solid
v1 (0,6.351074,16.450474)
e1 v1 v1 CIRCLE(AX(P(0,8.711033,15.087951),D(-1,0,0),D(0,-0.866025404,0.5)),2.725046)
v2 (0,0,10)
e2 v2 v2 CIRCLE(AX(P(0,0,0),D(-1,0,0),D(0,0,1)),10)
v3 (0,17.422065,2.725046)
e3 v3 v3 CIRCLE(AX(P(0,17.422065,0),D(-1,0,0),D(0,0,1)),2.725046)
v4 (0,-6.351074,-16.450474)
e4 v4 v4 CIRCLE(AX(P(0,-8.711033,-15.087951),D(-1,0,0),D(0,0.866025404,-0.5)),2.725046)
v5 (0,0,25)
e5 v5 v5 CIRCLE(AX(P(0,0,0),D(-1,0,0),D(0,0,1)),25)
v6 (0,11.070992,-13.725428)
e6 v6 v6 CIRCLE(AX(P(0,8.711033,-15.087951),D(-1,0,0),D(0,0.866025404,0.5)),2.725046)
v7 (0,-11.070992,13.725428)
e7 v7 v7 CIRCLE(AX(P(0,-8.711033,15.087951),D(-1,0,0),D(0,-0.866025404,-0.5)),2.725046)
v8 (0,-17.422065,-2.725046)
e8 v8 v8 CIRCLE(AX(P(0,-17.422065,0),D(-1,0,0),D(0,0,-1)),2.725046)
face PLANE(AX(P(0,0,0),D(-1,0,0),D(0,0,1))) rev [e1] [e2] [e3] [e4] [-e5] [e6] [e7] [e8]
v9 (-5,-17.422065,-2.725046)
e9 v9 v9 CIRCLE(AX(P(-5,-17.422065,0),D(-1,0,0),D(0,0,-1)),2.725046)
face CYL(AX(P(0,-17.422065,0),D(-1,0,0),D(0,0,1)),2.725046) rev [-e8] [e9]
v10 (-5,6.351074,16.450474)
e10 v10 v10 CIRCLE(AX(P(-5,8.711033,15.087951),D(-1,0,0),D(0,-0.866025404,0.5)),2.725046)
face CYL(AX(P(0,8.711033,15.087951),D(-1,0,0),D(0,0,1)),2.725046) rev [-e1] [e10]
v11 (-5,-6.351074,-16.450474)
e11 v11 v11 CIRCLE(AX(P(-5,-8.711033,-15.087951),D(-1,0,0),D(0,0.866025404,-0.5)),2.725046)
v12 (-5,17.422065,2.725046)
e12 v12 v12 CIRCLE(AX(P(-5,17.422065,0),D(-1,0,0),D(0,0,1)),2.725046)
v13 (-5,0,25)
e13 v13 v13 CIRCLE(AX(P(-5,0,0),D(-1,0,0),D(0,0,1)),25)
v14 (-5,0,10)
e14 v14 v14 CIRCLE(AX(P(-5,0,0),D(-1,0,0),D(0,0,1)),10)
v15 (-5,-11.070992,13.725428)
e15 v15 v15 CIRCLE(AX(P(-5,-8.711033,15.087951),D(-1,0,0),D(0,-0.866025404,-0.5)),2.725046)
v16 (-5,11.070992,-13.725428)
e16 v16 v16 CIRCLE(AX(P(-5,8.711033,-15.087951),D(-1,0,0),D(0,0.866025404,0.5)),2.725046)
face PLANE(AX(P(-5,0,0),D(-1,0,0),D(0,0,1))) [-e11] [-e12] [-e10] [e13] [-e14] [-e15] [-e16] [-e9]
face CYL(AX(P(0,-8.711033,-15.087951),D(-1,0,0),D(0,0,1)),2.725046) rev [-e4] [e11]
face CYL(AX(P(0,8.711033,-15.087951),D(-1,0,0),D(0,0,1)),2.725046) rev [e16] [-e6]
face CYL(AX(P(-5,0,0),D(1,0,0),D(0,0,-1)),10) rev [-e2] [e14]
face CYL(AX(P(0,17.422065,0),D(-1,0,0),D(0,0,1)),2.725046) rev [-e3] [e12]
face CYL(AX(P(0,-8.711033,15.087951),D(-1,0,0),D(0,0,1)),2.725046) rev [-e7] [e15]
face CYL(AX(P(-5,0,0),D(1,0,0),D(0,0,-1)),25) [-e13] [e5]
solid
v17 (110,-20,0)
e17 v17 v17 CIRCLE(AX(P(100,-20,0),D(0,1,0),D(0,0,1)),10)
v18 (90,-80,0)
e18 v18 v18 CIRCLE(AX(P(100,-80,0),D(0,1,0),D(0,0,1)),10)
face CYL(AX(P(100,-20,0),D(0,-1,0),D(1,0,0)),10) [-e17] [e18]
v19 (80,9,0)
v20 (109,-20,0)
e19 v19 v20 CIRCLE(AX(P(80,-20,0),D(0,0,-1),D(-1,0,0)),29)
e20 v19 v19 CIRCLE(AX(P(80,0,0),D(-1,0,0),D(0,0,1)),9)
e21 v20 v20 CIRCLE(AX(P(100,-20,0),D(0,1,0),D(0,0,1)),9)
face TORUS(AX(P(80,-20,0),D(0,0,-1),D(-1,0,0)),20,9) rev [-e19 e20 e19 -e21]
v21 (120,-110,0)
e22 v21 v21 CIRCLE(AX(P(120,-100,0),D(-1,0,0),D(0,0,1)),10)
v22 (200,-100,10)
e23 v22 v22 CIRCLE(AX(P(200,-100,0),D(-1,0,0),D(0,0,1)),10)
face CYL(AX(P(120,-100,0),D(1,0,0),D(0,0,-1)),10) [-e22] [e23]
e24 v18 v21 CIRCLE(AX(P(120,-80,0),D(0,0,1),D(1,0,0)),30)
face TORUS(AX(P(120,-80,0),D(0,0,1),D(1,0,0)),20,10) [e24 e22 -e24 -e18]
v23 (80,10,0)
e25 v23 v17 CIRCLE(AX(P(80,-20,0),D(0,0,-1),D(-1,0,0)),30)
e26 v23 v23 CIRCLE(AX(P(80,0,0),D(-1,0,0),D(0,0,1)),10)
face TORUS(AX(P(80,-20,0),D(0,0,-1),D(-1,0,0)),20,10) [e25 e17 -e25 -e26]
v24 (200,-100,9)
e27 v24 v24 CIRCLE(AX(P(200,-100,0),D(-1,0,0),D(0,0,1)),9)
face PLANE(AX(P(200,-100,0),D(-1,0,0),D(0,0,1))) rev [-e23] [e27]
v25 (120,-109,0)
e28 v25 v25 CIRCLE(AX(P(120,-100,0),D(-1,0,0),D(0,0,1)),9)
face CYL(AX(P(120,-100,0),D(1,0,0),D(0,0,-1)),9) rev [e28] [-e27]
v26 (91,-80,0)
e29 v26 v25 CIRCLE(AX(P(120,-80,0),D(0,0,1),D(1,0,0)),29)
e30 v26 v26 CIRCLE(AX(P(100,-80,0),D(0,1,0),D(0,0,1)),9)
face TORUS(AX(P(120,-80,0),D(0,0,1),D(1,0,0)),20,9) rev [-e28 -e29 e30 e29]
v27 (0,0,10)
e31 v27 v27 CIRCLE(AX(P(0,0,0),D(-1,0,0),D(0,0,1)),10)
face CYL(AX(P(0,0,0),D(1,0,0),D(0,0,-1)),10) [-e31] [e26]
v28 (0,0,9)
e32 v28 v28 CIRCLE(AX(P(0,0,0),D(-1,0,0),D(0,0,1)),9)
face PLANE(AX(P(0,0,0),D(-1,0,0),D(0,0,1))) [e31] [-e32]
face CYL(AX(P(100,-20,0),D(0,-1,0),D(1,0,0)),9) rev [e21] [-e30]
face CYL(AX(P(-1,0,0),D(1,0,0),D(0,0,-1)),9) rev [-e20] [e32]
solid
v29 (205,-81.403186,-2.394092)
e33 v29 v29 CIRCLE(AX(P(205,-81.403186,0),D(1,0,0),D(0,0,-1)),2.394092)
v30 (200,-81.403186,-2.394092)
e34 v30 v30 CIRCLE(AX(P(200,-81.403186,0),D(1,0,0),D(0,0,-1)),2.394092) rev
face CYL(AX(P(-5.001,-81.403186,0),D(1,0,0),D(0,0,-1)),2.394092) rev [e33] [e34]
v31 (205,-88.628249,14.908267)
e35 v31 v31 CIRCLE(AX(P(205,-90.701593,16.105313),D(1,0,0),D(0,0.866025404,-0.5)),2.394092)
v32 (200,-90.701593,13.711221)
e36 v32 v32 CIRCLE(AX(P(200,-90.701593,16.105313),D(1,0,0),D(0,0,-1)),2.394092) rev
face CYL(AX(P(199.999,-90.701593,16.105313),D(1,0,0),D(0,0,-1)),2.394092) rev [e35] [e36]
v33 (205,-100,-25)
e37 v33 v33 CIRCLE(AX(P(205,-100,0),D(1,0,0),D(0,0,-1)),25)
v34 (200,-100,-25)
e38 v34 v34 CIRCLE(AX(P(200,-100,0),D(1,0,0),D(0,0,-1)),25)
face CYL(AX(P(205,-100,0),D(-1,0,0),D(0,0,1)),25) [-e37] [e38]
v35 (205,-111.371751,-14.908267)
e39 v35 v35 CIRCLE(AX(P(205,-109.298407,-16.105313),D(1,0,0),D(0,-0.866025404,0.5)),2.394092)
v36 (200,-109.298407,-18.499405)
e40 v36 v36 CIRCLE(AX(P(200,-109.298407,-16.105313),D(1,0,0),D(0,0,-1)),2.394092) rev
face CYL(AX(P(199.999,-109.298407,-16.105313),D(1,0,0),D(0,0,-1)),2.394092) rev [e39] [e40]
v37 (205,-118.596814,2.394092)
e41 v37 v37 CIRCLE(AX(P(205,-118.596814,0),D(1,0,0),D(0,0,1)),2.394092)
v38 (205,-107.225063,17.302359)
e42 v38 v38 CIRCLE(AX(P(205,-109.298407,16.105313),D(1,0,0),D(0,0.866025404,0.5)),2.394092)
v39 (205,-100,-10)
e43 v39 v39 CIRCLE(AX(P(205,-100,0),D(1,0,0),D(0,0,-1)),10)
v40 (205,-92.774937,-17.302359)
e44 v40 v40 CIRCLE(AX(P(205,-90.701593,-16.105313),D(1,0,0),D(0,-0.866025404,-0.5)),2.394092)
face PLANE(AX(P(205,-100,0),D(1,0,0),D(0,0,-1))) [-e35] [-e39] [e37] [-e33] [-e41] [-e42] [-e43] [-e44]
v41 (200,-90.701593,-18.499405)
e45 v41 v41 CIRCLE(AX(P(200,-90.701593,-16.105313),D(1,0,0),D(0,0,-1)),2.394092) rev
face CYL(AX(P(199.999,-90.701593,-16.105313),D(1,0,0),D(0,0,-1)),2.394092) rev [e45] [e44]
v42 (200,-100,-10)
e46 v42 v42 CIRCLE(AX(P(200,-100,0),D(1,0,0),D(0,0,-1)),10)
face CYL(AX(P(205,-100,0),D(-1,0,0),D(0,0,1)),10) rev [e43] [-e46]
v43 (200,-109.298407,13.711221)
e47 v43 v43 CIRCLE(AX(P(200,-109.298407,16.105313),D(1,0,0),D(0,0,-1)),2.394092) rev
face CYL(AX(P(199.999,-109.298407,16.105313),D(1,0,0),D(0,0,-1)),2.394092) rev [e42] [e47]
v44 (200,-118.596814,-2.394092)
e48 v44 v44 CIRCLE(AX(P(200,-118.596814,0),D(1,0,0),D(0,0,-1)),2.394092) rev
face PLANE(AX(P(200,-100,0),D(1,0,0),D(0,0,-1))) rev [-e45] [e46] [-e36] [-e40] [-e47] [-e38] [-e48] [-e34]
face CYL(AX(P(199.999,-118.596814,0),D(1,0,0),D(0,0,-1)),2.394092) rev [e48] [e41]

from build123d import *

# Parameters (mm, degrees)
SWEEP1_PROFILE_R     = 10
CUT_SWEEP1_PROFILE_R = 9
SKETCH23_R           = 25
SKETCH23_R_2         = 10
BOSS_EXTRUDE2_DEPTH  = 5
SKETCH24_R           = 2.725046036
CUT_EXTRUDE2_DEPTH   = 5
CIRPATTERN1_COUNT    = 6
SKETCH27_R           = 25
SKETCH27_R_2         = 10
BOSS_EXTRUDE3_DEPTH  = 5
SKETCH28_R           = 2.394091988
CUT_EXTRUDE3_DEPTH   = 5
CIRPATTERN2_COUNT    = 6


with BuildPart() as part:
    # Sweep1: sweep along a path in Sketch1
    with BuildLine(Plane.XY) as sweep1_path:
        Line((0, 0), (80, 0))
        ThreePointArc((80, 0), (94.142135624, -5.857864376), (100, -20))
        Line((100, -20), (100, -80))
        ThreePointArc((100, -80), (105.857864376, -94.142135624), (120, -100))
        Line((120, -100), (200, -100))
    # Sweep1 profile (on start of the path) → Sweep1 (sweep)
    with BuildSketch(Plane(origin=(0, 0, 0), x_dir=(0, 0, 1), z_dir=(1, 0, 0))):
        Circle(SWEEP1_PROFILE_R)
    sweep(path=sweep1_path.line)

    # Cut-Sweep1: sweep along a path in Sketch1<3>
    with BuildLine(Plane.XY) as cut_sweep1_path:
        Line((0, 0), (80, 0))
        ThreePointArc((80, 0), (94.142135624, -5.857864376), (100, -20))
        Line((100, -20), (100, -80))
        ThreePointArc((100, -80), (105.857864376, -94.142135624), (120, -100))
        Line((120, -100), (200, -100))
    # Cut-Sweep1 profile (on start of the path) → Cut-Sweep1 (sweep, cut)
    with BuildSketch(Plane(origin=(0, 0, 0), x_dir=(0, 0, 1), z_dir=(1, 0, 0))):
        Circle(CUT_SWEEP1_PROFILE_R)
    sweep(path=cut_sweep1_path.line, mode=Mode.SUBTRACT)


with BuildPart() as body_2:
    # Sketch23 → Boss-Extrude2 (new body)
    with BuildSketch(Plane.ZY):
        Circle(SKETCH23_R)
        Circle(SKETCH23_R_2, mode=Mode.SUBTRACT)
    extrude(amount=BOSS_EXTRUDE2_DEPTH)

    # Sketch24 → Cut-Extrude2 (cut)
    with BuildSketch(Plane.ZY.offset(5)):
        with Locations((0, 17.42206534)):
            Circle(SKETCH24_R)
    cut_extrude2 = extrude(amount=-CUT_EXTRUDE2_DEPTH, mode=Mode.SUBTRACT)

    # CirPattern1: Cut-Extrude2 ×6 about axis
    cirpattern1_axis = Axis((0, 0, 0), (1, 0, 0))
    for i in range(1, CIRPATTERN1_COUNT):
        add(cut_extrude2.rotate(cirpattern1_axis, i * 360 / CIRPATTERN1_COUNT), mode=Mode.SUBTRACT)


with BuildPart() as body_3:
    # Sketch27 → Boss-Extrude3 (new body)
    with BuildSketch(Plane(origin=(200, 0, 0), x_dir=(0, 0, -1), z_dir=(1, 0, 0))):
        with Locations((0, -100)):
            Circle(SKETCH27_R)
        with Locations((0, -100)):
            Circle(SKETCH27_R_2, mode=Mode.SUBTRACT)
    extrude(amount=BOSS_EXTRUDE3_DEPTH)

    # Sketch28 → Cut-Extrude3 (cut)
    with BuildSketch(Plane(origin=(205, 0, 0), x_dir=(0, 0, -1), z_dir=(1, 0, 0))):
        with Locations((0, -81.403185967)):
            Circle(SKETCH28_R)
    cut_extrude3 = extrude(amount=-CUT_EXTRUDE3_DEPTH, mode=Mode.SUBTRACT)

    # CirPattern2: Cut-Extrude3 ×6 about axis
    cirpattern2_axis = Axis((0, -100, 0), (1, 0, 0))
    for i in range(1, CIRPATTERN2_COUNT):
        add(cut_extrude3.rotate(cirpattern2_axis, i * 360 / CIRPATTERN2_COUNT), mode=Mode.SUBTRACT)


solid = Compound([part.part, body_2.part, body_3.part])
